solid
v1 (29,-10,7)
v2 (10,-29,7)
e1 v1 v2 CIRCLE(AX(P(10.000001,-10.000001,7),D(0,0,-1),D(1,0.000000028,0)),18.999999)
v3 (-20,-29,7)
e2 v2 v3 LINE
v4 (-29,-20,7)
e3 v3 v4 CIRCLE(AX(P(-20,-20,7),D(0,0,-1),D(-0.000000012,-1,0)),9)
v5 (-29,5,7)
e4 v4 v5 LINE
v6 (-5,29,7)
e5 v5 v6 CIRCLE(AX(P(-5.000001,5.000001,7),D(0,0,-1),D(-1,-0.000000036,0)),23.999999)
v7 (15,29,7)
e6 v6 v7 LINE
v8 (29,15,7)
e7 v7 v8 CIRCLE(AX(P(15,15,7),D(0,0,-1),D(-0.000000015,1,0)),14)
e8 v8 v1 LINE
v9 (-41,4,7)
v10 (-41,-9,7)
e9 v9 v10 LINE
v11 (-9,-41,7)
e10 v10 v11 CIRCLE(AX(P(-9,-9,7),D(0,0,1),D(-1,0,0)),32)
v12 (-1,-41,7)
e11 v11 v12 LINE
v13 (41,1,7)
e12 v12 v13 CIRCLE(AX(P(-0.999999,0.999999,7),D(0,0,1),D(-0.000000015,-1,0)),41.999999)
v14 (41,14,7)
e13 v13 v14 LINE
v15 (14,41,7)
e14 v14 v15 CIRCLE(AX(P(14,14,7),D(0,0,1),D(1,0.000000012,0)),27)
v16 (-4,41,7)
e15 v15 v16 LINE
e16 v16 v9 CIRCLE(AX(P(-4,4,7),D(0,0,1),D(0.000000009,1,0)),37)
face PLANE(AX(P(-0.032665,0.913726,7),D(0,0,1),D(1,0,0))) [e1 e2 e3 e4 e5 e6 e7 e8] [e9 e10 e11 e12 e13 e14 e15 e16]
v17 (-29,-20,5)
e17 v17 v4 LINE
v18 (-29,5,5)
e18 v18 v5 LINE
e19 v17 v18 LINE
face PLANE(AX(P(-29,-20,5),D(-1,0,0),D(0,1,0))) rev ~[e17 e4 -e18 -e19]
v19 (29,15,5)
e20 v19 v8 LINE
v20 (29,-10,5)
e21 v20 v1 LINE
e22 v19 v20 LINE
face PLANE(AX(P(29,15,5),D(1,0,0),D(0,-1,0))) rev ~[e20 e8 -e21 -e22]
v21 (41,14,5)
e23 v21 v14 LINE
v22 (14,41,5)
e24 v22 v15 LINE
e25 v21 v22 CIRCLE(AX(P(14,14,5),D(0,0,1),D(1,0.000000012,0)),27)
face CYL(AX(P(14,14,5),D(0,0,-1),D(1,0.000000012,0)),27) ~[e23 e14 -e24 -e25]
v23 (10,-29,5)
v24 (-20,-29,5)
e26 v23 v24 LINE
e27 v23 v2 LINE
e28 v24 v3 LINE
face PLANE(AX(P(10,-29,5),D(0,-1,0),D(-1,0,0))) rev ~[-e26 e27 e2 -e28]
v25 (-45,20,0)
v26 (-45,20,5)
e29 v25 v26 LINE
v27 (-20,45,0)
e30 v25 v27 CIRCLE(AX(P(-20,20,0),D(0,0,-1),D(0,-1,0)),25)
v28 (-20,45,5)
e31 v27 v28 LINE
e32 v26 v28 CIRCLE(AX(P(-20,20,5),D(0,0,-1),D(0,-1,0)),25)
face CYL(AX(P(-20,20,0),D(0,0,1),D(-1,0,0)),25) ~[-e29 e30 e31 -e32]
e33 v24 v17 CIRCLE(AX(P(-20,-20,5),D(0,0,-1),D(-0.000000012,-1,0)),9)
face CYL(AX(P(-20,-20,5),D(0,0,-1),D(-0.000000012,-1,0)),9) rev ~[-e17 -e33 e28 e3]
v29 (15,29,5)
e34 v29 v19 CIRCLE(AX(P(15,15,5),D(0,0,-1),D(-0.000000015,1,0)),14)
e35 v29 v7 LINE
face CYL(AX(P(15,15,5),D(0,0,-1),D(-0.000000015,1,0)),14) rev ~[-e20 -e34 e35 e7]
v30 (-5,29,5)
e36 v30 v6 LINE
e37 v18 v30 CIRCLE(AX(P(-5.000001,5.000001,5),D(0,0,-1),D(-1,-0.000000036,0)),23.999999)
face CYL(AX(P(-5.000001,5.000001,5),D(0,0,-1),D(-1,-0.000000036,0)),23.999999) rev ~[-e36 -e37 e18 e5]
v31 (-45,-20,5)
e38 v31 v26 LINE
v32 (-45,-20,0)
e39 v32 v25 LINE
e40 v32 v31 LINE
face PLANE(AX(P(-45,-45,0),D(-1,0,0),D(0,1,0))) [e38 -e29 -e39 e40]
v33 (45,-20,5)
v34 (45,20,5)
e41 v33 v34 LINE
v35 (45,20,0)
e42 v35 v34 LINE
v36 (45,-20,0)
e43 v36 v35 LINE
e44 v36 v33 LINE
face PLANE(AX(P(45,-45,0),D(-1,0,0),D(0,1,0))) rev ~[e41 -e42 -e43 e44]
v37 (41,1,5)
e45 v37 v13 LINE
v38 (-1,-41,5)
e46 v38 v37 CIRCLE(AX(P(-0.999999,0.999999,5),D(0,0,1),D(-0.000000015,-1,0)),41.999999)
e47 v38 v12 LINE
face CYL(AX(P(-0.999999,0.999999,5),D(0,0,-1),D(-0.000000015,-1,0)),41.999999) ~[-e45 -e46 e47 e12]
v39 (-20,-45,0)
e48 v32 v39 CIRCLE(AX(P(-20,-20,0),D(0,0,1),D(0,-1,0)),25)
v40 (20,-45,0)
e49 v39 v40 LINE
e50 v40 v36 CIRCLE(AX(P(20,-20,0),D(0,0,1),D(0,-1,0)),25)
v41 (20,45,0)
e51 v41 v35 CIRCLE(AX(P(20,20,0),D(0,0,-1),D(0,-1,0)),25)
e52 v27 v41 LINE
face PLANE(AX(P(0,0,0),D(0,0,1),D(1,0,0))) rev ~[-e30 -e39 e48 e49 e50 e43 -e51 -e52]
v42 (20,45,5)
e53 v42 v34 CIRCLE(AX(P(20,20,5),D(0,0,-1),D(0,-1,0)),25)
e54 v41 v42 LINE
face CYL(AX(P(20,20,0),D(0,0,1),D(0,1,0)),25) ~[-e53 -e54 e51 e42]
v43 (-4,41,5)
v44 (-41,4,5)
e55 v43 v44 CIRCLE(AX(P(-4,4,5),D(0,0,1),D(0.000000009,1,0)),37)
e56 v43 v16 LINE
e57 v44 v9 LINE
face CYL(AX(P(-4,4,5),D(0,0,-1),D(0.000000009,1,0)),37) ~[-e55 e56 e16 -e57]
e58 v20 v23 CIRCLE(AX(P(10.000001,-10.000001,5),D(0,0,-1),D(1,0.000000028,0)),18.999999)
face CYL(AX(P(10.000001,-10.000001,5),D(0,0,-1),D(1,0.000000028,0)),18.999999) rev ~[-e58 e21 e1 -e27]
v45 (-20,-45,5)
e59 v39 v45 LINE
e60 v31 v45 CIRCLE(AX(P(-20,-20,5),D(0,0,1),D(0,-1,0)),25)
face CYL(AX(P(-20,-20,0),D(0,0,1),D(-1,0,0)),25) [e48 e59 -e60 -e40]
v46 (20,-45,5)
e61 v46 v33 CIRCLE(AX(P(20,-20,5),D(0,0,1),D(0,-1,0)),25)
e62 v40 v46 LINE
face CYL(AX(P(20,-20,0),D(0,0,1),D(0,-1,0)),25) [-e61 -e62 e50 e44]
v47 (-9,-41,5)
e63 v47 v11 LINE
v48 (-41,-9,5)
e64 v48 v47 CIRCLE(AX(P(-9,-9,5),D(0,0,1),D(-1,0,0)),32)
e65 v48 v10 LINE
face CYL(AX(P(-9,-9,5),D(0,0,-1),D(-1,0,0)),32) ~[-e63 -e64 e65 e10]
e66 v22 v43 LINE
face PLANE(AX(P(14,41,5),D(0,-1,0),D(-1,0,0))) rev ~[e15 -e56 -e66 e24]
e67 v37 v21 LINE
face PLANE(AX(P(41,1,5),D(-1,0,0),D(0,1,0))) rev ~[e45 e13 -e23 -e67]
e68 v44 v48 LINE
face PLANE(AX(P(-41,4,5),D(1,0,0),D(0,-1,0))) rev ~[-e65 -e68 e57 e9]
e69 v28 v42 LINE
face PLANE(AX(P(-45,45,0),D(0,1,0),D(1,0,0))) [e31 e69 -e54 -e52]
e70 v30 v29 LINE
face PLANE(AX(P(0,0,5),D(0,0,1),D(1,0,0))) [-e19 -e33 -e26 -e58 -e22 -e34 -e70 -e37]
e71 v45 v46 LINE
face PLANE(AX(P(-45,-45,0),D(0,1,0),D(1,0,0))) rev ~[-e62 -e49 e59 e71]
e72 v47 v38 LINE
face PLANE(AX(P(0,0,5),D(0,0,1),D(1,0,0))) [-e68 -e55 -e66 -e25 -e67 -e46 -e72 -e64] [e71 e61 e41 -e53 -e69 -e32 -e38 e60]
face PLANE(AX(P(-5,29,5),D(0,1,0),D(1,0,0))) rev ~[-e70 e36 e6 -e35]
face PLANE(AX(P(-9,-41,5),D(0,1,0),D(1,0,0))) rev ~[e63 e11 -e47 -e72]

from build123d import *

# Parameters (mm, degrees)
F0_W     = 90
F0_H     = 90
F1_DEPTH = 5
F3_DEPTH = 2
F4_R     = 25


with BuildPart() as f1:
    # F0 (on Top) → F1 (new body)
    with BuildSketch(Plane.XY):
        Rectangle(F0_W, F0_H)
    extrude(amount=F1_DEPTH)

    # F2 (on face) → F3 (join)
    with BuildSketch(Plane.XY.offset(5)):
        with BuildLine():
            Line((14, 41), (-4, 41))
            ThreePointArc((-4, 41), (-30.162951, 30.162951), (-41, 4))
            Line((-41, 4), (-41, -9))
            ThreePointArc((-41, -9), (-31.627417, -31.627417), (-9, -41))
            Line((-9, -41), (-1, -41))
            ThreePointArc((-1, -41), (28.698485, -28.698485), (41, 1))
            Line((41, 1), (41, 14))
            ThreePointArc((41, 14), (33.091883, 33.091883), (14, 41))
        make_face()
        with BuildLine():
            ThreePointArc((-29, 5), (-21.970563, 21.970563), (-5, 29))
            Line((-5, 29), (15, 29))
            ThreePointArc((15, 29), (24.899495, 24.899495), (29, 15))
            Line((29, 15), (29, -10))
            ThreePointArc((29, -10), (23.435029, -23.435029), (10, -29))
            Line((10, -29), (-20, -29))
            ThreePointArc((-20, -29), (-26.363961, -26.363961), (-29, -20))
            Line((-29, -20), (-29, 5))
        make_face(mode=Mode.SUBTRACT)
    extrude(amount=F3_DEPTH)

    # F4
    f4_edges = [f1.edges().sort_by_distance(p)[0] for p in [
        (-45, -45, 2.5),
        (45, -45, 2.5),
        (45, 45, 2.5),
        (-45, 45, 2.5),
    ]]
    fillet(f4_edges, radius=F4_R)


solid = f1.part
